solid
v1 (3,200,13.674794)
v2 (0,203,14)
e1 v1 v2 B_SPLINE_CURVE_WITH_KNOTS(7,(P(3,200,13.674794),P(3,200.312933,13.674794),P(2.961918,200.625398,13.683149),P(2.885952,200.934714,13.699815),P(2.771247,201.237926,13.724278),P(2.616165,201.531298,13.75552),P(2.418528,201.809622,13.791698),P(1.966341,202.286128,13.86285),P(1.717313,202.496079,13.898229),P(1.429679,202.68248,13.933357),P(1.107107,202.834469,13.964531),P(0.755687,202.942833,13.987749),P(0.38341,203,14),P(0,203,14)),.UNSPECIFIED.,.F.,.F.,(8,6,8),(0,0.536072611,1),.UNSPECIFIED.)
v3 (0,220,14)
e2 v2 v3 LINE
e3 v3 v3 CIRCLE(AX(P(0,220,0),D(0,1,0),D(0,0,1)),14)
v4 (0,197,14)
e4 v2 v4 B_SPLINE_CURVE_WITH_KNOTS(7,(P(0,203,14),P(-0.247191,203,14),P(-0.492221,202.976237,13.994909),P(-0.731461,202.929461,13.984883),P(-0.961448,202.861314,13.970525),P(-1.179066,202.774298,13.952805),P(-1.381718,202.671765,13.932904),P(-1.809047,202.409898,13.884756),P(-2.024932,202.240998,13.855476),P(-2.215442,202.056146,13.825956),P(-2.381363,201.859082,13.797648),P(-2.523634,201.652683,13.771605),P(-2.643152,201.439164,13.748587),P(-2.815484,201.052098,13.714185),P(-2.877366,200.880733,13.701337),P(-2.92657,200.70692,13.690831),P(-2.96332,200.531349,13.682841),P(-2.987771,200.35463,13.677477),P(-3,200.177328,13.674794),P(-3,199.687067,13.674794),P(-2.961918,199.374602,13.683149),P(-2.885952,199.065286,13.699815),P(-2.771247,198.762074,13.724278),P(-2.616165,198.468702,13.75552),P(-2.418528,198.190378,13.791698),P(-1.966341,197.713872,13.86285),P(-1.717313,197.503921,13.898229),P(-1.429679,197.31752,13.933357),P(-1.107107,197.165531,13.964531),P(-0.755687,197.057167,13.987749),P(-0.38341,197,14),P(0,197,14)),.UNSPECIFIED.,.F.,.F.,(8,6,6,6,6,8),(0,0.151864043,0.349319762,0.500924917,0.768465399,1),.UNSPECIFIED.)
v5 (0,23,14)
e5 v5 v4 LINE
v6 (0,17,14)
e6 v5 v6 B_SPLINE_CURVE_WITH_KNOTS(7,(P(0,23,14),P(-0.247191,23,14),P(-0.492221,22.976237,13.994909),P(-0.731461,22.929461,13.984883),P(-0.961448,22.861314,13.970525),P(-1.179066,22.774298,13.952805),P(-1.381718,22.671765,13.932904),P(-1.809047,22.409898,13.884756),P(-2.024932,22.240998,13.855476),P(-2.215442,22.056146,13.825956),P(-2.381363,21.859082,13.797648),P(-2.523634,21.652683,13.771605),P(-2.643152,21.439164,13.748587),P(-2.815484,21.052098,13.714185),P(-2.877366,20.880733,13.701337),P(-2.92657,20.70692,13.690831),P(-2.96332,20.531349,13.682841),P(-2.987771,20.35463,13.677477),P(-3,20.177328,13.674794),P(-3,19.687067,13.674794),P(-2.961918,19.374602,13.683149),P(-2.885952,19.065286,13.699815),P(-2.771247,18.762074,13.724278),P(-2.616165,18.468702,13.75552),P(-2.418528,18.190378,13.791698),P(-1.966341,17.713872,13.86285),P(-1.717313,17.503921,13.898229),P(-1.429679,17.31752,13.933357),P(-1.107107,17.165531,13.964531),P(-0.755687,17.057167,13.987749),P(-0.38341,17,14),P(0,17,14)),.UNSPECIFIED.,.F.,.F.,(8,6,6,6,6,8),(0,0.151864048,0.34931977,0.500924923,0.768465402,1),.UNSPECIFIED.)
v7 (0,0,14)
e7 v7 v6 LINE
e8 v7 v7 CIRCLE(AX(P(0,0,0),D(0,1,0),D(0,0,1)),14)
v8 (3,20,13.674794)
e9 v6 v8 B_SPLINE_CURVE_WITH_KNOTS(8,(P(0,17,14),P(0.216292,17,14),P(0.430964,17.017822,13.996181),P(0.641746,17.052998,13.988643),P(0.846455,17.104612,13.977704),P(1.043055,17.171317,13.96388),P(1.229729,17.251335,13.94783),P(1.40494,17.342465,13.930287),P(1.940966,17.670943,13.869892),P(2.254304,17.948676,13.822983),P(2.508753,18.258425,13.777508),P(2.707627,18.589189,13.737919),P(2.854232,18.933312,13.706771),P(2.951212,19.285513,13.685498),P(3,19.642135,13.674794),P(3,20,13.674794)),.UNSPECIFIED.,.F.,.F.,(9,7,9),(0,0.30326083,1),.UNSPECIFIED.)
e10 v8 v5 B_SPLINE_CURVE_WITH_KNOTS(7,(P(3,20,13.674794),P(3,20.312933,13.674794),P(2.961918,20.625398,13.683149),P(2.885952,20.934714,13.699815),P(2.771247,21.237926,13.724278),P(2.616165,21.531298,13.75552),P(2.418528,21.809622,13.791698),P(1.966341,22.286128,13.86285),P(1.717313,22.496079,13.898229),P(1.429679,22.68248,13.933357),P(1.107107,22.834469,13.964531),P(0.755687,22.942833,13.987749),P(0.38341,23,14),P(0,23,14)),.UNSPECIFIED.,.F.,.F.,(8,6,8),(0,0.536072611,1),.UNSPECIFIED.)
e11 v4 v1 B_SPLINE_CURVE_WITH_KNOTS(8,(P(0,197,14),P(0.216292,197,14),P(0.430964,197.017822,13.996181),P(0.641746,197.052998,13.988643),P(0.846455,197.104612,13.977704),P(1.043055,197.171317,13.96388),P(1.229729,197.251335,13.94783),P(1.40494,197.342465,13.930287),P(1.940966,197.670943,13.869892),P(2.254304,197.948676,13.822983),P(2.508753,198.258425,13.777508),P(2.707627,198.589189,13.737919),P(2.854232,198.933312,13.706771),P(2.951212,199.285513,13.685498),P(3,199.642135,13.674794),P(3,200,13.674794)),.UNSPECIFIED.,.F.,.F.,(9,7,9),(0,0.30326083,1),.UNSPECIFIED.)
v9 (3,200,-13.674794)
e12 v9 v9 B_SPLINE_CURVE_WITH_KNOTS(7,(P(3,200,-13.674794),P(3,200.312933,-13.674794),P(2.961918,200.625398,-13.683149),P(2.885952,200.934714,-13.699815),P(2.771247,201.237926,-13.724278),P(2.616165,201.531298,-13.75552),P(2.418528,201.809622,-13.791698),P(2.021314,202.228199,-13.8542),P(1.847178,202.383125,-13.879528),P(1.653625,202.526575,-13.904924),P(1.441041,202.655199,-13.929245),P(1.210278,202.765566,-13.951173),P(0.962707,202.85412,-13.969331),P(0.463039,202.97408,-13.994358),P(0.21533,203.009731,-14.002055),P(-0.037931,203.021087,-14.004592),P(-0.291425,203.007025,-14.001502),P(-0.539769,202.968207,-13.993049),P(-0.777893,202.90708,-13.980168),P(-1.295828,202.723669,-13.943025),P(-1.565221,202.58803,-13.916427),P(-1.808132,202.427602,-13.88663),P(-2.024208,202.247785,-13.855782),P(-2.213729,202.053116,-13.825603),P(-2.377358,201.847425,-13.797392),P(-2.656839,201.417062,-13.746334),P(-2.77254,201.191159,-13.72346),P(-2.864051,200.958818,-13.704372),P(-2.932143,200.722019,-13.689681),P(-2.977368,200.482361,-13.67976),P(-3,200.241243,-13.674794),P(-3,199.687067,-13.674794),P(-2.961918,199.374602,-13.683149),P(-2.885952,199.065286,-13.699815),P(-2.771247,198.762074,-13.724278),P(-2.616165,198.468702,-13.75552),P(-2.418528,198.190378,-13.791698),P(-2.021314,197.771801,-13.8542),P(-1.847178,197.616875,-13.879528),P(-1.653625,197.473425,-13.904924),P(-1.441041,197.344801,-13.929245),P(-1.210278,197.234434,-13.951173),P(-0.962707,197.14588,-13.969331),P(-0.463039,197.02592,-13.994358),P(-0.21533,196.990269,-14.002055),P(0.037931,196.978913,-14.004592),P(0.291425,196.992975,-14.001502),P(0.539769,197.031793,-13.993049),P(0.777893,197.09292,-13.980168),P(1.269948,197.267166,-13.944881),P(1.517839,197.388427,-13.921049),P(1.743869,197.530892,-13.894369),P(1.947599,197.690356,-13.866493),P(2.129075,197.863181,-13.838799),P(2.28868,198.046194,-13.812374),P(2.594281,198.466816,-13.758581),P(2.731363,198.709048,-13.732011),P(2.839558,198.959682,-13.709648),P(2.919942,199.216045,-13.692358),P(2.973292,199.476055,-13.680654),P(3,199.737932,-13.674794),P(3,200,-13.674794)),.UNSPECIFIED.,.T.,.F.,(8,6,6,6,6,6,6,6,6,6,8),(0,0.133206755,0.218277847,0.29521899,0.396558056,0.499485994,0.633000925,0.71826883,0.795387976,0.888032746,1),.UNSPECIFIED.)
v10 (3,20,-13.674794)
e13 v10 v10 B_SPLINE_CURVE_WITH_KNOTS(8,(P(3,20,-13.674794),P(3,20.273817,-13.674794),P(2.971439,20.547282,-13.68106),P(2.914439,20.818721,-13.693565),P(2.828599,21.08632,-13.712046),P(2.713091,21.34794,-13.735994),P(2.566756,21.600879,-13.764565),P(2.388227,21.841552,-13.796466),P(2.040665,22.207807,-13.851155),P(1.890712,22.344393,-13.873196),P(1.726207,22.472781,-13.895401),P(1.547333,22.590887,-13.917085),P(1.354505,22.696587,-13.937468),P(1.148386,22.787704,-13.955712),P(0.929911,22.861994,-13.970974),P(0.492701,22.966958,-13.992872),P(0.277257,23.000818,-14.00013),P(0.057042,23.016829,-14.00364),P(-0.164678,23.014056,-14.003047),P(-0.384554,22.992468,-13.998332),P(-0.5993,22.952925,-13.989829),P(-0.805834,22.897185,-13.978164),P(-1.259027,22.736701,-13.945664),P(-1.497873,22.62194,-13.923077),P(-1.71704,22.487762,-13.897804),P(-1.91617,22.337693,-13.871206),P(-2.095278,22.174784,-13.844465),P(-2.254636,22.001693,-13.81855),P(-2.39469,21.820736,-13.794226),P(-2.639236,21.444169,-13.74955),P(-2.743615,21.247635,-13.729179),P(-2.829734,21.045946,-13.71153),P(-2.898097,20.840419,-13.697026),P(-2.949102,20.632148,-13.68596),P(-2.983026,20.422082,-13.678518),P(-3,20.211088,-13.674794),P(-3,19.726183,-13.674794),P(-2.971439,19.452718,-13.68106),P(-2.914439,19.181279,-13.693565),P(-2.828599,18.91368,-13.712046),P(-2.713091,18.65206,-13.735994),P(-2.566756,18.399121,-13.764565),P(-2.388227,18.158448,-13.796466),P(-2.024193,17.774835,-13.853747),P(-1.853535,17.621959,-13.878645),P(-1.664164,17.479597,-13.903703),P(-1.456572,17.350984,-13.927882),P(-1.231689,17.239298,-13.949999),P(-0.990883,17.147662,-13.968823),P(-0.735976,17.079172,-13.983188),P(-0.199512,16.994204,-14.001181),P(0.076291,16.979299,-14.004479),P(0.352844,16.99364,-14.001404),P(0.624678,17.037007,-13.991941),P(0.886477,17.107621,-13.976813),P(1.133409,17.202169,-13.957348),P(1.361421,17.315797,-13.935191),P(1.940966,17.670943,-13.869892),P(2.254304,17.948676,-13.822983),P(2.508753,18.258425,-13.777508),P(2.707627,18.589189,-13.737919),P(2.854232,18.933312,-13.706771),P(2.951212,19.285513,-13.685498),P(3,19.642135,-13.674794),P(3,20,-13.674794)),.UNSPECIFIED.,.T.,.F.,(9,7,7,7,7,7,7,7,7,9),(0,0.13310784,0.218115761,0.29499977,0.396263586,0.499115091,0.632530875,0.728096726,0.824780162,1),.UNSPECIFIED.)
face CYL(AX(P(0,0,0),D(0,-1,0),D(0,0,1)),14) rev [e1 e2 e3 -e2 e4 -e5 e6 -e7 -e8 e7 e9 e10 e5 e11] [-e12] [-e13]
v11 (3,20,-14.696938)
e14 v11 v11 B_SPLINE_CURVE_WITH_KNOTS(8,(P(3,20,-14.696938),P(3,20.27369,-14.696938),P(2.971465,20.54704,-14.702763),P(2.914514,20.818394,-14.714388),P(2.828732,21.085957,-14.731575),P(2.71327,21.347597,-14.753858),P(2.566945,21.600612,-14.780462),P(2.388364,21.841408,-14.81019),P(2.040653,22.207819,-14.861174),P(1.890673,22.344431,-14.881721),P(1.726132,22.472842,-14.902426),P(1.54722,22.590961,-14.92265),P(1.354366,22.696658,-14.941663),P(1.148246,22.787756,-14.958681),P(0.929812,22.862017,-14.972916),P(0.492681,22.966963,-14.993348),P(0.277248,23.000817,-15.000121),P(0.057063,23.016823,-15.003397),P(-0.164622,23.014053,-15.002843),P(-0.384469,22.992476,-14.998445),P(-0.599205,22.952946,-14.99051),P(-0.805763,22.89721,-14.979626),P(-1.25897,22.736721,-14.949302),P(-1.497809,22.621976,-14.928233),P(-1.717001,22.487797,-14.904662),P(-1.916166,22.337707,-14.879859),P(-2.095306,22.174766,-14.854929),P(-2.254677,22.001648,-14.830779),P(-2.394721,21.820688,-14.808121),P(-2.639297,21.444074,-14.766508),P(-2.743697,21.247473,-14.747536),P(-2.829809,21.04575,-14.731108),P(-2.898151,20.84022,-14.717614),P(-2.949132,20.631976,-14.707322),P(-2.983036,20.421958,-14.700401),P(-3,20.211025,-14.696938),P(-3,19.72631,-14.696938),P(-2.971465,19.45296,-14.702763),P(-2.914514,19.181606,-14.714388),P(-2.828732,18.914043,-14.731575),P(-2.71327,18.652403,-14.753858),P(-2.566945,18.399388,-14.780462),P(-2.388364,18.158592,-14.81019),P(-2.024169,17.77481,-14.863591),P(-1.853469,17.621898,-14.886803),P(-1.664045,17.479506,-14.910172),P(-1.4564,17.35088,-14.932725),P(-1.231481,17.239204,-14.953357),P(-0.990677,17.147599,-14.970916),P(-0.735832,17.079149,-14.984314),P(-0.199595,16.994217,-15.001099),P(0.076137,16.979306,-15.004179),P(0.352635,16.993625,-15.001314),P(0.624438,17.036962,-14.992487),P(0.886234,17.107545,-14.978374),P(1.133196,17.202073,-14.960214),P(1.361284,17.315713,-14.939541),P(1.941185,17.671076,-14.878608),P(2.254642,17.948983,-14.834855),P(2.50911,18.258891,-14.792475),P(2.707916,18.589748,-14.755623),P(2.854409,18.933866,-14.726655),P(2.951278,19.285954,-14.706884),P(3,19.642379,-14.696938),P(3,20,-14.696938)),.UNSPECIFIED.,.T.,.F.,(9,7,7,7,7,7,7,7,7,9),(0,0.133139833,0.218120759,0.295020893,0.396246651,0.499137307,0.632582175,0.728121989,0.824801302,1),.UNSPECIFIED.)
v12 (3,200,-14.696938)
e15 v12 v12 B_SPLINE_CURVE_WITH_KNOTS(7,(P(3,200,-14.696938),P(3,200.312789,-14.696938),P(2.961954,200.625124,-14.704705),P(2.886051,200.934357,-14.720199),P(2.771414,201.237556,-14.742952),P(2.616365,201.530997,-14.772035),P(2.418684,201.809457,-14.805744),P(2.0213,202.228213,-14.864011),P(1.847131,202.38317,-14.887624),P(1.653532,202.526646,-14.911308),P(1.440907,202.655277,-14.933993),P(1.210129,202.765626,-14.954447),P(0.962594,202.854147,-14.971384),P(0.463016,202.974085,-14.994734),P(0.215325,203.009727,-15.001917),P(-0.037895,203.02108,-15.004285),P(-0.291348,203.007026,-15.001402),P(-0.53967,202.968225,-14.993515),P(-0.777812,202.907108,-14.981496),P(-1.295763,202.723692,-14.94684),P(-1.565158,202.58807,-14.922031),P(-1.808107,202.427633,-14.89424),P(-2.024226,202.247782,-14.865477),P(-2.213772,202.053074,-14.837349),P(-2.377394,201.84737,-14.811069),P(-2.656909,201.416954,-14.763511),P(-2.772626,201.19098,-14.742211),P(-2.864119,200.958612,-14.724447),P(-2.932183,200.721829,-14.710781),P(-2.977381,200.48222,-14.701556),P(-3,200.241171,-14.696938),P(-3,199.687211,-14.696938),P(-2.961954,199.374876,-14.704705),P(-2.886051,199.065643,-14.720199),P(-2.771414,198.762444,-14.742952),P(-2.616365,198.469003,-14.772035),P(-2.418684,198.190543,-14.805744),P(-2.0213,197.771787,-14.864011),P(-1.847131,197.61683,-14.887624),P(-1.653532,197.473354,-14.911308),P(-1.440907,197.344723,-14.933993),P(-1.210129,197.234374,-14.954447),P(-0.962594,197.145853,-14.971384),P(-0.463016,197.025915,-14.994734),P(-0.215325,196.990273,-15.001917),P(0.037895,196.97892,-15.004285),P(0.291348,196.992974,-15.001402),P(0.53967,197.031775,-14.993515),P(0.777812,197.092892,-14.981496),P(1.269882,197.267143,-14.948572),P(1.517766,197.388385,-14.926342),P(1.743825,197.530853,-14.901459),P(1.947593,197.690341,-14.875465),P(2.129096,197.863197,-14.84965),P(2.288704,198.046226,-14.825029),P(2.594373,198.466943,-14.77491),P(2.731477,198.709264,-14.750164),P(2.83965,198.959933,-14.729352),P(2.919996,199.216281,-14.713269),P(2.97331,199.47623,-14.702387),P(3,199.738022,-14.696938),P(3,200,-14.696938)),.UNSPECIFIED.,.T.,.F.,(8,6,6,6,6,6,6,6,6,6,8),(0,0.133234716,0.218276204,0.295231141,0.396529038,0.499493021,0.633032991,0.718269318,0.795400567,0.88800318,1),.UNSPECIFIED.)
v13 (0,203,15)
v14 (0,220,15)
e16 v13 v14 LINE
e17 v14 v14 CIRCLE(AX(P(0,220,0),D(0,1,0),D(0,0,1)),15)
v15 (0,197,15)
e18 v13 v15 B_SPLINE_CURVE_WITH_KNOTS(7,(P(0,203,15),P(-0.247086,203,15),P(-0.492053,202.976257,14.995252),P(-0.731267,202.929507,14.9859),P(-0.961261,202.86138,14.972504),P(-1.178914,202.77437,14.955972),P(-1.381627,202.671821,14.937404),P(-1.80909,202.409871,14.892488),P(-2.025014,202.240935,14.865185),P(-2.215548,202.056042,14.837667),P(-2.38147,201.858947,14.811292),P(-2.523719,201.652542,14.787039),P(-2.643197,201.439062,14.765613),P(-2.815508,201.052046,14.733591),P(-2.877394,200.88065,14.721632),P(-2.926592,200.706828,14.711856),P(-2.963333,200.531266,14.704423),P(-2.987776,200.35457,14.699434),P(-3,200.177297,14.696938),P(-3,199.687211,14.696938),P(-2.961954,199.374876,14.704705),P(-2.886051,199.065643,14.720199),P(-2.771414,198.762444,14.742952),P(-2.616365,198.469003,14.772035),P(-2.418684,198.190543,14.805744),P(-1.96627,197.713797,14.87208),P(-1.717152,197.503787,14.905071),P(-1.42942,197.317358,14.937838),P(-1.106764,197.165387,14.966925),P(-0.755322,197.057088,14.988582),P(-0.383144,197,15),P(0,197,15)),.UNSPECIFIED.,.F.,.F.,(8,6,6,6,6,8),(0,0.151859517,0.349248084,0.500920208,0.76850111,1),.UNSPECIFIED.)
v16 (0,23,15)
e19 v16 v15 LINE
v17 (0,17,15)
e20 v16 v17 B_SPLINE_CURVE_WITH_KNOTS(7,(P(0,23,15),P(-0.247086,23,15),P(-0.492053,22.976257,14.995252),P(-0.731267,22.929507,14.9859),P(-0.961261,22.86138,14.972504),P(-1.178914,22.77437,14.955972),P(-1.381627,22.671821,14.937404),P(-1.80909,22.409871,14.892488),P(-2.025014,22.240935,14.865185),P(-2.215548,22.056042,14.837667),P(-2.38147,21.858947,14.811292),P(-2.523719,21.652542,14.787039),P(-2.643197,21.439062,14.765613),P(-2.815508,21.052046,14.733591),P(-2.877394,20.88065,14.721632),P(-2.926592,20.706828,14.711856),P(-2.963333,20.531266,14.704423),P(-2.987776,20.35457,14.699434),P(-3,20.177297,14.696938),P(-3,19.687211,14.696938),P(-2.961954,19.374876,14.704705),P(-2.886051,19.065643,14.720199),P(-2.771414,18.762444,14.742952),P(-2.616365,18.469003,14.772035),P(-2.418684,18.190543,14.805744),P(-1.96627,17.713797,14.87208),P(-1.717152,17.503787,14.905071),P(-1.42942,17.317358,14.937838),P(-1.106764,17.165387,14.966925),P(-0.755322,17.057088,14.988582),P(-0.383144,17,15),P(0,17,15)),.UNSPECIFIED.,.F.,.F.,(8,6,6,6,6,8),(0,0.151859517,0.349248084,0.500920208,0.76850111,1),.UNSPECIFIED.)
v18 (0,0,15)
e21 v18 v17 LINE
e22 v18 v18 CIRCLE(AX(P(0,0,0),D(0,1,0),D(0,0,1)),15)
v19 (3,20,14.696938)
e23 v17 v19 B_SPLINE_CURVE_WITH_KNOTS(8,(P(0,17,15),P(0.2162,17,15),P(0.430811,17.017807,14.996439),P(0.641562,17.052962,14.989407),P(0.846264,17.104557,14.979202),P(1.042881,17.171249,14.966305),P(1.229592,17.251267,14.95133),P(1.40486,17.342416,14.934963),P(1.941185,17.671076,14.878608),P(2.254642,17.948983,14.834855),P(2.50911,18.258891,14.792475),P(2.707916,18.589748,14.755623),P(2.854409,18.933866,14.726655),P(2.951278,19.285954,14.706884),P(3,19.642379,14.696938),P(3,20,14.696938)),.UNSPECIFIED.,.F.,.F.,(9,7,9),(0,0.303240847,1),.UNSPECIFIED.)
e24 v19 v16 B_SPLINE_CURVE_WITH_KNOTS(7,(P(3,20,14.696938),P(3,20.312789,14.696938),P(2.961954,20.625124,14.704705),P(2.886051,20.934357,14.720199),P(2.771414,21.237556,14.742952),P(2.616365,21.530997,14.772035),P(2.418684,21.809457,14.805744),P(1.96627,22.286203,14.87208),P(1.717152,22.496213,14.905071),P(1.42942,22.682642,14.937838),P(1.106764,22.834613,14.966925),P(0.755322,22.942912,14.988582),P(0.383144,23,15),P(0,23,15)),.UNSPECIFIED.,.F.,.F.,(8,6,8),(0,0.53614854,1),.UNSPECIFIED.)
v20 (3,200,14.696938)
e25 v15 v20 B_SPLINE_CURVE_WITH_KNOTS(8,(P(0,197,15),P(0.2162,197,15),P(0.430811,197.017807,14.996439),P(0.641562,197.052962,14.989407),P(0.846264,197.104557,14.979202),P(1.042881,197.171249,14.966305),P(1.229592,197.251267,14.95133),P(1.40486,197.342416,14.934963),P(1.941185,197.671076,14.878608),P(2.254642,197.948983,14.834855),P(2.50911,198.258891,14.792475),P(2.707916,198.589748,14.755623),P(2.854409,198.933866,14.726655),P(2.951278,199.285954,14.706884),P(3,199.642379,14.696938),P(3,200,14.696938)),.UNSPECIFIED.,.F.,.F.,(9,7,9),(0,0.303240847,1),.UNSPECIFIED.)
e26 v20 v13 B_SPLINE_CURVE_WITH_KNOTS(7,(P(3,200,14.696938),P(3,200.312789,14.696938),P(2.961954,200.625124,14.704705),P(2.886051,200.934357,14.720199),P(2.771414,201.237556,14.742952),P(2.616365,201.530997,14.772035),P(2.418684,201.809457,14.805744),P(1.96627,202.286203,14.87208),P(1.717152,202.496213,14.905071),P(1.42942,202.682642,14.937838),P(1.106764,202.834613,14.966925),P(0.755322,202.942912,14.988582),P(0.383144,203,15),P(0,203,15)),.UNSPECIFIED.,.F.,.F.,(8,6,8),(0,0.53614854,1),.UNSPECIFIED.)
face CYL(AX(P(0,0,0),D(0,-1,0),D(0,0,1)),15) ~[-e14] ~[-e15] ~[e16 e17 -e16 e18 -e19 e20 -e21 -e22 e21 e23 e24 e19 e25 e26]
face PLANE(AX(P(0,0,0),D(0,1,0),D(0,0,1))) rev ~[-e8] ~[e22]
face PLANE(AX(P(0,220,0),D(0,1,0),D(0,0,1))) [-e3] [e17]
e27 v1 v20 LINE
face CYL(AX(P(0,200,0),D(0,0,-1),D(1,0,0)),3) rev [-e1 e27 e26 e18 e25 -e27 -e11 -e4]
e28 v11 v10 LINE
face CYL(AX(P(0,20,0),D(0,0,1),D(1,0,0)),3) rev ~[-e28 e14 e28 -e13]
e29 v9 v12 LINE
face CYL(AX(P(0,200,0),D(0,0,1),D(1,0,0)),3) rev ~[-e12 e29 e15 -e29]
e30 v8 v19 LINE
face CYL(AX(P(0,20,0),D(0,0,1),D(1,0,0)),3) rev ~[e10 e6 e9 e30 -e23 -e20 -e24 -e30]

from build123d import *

# Parameters (mm, degrees)
SKETCH1_R           = 15
SKETCH1_R_2         = 14
BOSS_EXTRUDE1_DEPTH = 220
SKETCH2_R           = 3
CUT_EXTRUDE1_DEPTH  = 15


with BuildPart() as part:
    # Sketch1 → Boss-Extrude1 (new body)
    with BuildSketch(Plane(origin=(0, 0, 0), x_dir=(1, 0, 0), z_dir=(0, 1, 0))):
        with Locations(Location((0, 0, 0), (0, 0, 270))):
            Circle(SKETCH1_R)
        with Locations(Location((0, 0, 0), (0, 0, 270))):
            Circle(SKETCH1_R_2, mode=Mode.SUBTRACT)
    extrude(amount=BOSS_EXTRUDE1_DEPTH)

    # Sketch2 → Cut-Extrude1 (cut, symmetric)
    with BuildSketch(Plane.XY):
        with Locations((0, 200)):
            Circle(SKETCH2_R)
        with Locations((0, 20)):
            Circle(SKETCH2_R)
    extrude(amount=CUT_EXTRUDE1_DEPTH, both=True, mode=Mode.SUBTRACT)


solid = part.part
